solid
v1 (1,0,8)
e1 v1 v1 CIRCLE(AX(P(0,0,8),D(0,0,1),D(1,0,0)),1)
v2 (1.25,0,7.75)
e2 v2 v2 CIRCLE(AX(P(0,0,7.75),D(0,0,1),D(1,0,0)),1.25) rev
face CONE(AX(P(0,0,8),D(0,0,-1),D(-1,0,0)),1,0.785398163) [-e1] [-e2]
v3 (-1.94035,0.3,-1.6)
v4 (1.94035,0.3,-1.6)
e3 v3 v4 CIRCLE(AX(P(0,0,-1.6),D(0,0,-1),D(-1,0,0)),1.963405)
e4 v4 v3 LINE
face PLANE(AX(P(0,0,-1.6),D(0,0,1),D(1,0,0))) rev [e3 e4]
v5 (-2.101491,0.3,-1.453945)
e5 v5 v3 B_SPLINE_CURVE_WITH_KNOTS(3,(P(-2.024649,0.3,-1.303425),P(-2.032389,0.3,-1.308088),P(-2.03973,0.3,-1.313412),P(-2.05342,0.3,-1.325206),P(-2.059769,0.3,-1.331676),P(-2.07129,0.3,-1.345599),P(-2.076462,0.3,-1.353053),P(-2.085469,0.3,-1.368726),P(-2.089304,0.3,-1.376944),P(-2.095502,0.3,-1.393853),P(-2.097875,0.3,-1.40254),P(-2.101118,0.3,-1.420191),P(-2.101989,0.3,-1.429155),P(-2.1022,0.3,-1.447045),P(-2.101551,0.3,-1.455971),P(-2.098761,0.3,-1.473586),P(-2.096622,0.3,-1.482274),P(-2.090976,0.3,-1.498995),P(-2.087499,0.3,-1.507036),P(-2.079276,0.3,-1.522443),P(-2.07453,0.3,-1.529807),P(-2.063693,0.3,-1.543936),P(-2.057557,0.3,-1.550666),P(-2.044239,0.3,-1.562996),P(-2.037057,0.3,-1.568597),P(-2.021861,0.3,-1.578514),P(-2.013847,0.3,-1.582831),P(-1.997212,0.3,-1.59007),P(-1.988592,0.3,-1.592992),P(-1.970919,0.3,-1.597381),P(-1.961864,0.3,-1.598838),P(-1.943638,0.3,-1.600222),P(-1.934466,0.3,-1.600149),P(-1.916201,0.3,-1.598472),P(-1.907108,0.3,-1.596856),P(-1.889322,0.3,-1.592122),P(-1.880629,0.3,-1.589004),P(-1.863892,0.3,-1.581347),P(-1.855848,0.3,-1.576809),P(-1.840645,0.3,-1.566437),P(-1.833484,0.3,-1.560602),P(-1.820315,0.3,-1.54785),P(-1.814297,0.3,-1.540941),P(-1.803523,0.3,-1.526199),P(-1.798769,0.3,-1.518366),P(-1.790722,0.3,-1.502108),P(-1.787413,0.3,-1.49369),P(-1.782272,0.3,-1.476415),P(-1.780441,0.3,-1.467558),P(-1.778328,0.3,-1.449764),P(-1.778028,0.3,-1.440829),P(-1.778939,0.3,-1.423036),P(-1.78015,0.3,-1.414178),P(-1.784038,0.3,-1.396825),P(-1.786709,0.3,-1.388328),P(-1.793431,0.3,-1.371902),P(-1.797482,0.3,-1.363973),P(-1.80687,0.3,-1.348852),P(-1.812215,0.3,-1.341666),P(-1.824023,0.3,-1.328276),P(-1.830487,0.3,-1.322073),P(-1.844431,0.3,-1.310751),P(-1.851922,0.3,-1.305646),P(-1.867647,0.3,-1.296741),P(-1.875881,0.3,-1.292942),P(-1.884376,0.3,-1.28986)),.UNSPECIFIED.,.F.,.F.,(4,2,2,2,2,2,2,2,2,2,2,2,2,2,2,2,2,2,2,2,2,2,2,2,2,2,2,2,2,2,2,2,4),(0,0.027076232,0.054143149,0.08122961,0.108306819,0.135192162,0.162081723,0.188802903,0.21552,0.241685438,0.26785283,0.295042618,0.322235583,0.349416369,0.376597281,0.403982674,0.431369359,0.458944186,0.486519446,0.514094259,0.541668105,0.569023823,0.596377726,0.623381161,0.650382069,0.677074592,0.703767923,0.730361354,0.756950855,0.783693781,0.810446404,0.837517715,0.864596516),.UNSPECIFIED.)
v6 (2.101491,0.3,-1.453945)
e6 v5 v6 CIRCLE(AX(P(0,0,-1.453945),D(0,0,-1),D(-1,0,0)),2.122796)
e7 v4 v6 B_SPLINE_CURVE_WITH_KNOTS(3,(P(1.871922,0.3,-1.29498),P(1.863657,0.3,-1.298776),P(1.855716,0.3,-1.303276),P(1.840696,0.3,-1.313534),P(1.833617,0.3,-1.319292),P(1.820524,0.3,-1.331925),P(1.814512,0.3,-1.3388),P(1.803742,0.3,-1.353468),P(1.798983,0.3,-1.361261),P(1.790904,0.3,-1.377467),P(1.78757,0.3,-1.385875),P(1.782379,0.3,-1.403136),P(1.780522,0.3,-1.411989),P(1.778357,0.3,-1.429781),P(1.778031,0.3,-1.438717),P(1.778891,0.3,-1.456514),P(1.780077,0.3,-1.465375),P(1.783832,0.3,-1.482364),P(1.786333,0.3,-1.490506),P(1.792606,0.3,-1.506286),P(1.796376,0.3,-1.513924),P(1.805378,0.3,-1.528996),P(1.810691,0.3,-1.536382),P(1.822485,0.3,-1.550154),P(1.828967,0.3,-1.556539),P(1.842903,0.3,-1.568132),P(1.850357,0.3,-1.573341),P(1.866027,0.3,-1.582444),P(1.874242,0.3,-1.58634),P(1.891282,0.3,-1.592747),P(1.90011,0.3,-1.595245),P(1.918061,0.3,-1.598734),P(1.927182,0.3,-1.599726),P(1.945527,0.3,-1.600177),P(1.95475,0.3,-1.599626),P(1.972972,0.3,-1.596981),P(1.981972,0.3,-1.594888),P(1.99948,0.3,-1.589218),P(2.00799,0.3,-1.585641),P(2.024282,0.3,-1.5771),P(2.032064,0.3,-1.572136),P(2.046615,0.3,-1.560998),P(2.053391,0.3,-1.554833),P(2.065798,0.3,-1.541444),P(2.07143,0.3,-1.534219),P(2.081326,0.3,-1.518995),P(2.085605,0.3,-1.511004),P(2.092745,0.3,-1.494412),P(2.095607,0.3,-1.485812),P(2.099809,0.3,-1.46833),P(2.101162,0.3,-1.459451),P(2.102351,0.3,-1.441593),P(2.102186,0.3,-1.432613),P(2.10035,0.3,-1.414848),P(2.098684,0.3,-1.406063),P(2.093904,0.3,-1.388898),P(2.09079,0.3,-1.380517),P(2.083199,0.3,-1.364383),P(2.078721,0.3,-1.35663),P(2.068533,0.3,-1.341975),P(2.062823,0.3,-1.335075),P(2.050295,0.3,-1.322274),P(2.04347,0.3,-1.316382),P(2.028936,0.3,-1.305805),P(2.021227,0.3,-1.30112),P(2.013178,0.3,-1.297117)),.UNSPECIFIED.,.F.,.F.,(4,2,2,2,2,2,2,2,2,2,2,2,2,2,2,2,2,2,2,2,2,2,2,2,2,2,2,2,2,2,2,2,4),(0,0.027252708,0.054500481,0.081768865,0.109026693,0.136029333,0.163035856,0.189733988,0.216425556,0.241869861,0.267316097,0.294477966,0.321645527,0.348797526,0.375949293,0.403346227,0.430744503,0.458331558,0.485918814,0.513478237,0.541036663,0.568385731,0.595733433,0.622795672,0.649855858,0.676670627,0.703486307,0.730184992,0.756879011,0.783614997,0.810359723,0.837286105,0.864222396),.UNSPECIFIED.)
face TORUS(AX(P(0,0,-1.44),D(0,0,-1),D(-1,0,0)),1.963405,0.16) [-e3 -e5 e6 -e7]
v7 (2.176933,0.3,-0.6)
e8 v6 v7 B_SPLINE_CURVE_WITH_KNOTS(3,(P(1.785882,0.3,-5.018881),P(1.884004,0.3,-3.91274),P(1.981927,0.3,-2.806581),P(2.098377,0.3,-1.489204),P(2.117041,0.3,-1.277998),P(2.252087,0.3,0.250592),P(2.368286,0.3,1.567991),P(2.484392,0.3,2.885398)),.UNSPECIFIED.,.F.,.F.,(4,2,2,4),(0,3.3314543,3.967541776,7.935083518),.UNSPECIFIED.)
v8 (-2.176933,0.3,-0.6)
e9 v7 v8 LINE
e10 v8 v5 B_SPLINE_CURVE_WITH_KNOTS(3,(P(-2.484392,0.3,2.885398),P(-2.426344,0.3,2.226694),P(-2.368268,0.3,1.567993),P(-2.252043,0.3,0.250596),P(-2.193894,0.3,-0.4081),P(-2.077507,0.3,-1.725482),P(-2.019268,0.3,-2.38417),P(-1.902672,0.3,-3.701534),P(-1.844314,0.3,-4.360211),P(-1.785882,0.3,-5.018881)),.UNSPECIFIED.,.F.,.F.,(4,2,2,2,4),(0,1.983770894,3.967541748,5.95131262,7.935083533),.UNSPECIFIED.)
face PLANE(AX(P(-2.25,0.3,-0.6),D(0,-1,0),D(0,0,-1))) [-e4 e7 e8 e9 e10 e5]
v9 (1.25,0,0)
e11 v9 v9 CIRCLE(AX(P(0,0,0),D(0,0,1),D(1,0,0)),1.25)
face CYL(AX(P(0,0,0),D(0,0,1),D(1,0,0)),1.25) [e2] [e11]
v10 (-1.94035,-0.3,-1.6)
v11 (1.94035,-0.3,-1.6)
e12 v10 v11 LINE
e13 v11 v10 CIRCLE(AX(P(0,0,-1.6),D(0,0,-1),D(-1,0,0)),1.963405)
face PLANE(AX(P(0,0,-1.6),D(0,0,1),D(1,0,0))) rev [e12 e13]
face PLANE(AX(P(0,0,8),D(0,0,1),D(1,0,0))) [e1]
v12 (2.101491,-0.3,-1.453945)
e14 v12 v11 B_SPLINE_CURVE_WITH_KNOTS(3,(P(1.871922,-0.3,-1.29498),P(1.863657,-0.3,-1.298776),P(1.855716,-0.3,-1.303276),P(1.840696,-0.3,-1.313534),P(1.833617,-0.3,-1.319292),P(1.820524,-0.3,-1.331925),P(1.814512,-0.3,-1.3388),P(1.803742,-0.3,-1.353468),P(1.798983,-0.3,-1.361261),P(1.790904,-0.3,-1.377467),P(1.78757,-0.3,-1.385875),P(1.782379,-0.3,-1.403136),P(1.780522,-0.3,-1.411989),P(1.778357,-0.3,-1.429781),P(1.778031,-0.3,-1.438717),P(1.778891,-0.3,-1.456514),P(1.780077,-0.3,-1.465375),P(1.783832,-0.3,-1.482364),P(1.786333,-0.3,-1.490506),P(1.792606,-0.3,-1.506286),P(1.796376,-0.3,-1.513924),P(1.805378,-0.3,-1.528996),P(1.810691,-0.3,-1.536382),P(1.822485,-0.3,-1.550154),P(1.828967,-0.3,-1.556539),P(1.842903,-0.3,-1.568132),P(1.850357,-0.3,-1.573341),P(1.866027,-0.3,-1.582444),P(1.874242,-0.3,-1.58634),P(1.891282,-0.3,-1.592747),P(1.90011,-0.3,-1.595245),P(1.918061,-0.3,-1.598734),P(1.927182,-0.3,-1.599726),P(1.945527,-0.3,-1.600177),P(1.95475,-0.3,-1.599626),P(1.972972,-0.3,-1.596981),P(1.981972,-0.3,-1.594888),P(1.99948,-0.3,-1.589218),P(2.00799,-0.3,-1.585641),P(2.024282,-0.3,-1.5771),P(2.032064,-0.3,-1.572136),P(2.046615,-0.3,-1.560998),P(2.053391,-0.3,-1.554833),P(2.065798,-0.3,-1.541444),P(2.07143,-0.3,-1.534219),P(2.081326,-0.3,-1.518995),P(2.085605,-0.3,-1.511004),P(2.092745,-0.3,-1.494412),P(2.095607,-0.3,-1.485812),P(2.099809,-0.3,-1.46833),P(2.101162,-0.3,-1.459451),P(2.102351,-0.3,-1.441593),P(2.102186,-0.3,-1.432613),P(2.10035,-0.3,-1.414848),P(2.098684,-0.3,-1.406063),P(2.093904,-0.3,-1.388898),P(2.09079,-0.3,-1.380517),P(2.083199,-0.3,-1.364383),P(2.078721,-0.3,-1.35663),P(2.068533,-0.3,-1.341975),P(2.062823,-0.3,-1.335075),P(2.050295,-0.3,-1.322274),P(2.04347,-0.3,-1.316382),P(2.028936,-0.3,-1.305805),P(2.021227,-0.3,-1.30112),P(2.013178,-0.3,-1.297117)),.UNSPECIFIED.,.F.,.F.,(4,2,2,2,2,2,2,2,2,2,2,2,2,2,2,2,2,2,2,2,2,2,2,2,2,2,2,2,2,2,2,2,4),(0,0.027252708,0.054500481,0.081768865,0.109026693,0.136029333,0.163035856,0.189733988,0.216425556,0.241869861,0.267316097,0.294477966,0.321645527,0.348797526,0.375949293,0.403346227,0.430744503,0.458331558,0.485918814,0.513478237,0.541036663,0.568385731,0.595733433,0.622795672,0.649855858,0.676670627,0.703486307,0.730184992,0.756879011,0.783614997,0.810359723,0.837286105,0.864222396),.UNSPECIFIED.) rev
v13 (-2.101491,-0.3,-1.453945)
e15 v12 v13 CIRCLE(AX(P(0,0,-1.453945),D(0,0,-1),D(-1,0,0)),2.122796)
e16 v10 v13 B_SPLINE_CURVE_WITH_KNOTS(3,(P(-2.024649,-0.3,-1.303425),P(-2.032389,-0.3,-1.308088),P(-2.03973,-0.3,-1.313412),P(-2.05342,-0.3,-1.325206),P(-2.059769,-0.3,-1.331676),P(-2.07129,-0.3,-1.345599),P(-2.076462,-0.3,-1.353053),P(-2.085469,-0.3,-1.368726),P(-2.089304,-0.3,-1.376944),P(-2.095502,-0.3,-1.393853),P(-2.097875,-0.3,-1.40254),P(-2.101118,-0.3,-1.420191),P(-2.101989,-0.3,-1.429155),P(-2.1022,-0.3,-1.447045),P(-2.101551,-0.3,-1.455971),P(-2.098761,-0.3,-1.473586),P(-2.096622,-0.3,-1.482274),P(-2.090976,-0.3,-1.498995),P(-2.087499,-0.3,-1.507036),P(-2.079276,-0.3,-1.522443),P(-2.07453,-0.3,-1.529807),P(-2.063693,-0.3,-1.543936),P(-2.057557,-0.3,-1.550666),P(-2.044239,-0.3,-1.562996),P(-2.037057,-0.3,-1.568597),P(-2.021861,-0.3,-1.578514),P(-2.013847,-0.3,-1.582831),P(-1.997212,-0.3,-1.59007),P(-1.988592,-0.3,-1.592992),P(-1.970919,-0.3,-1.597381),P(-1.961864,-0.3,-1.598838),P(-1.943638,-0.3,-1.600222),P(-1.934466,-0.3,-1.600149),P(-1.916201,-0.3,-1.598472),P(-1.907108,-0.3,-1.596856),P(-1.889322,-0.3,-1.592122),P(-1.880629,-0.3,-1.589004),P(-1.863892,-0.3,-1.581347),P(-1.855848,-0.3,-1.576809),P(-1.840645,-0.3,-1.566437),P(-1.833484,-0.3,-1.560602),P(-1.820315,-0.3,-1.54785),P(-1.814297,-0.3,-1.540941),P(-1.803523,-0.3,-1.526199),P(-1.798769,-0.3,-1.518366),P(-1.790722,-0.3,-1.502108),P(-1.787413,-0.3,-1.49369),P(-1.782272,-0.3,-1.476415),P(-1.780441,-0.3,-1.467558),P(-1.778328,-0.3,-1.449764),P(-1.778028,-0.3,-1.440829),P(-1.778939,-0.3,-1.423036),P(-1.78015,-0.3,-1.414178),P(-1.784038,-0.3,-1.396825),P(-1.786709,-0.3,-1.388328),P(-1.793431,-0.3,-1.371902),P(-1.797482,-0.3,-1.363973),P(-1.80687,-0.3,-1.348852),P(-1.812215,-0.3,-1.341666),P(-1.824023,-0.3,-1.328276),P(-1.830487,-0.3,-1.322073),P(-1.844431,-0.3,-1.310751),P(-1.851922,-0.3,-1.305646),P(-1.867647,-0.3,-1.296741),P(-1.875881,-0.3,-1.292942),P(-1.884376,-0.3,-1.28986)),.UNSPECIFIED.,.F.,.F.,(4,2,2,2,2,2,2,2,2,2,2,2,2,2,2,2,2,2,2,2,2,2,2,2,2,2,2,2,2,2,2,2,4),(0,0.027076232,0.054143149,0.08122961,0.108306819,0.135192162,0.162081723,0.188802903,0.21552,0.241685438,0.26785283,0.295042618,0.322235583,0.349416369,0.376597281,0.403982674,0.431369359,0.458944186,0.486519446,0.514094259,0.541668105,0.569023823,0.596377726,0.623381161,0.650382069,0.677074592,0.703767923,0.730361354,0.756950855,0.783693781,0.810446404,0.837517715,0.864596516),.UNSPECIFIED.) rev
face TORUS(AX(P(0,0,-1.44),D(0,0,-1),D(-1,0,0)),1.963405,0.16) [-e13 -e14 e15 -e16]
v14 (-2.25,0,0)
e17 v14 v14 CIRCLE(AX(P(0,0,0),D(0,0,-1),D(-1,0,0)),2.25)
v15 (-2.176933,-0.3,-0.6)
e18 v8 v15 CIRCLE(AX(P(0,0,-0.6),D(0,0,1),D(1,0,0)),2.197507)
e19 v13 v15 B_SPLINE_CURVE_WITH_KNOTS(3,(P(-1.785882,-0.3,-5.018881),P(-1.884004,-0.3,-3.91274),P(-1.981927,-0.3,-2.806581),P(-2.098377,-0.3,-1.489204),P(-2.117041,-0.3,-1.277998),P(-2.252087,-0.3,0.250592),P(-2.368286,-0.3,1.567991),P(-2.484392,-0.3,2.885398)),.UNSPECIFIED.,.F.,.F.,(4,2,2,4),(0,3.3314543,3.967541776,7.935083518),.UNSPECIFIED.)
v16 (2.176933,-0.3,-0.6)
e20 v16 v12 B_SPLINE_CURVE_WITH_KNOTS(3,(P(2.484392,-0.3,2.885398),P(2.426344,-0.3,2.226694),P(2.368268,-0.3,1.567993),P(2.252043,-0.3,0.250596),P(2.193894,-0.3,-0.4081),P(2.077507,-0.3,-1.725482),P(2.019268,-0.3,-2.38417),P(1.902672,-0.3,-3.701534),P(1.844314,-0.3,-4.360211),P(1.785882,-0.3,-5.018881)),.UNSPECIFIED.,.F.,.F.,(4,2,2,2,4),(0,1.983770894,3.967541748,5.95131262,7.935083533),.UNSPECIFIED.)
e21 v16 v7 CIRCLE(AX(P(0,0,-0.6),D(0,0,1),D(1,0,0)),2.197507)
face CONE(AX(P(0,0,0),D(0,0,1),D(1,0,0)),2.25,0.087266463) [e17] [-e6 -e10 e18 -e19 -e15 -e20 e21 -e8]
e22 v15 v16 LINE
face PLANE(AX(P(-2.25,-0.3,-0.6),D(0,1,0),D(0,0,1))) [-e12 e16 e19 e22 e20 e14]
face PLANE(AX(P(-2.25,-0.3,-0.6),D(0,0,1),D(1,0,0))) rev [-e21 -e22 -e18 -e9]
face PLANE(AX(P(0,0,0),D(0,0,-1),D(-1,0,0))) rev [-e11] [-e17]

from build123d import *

# Parameters (mm, degrees)
ESQUISSE2_W             = 4.5
ESQUISSE2_H             = 0.6
ENLEV_MAT_EXTRU_1_DEPTH = 1
ESQUISSE3_W             = 1.25
ESQUISSE3_H             = 8
CHANFREIN1_SIZE         = 0.25


with BuildPart() as part:
    # Esquisse1 → Base-Révolution (revolve)
    with BuildSketch(Plane(origin=(0, 0, 0), x_dir=(1, 0, 0), z_dir=(0, 1, 0))):
        with BuildLine():
            Line((0, 0), (2.25, 0))
            Line((2.25, 0), (2.122796302, 1.453944919))
            ThreePointArc((2.122796302, 1.453944919), (2.071499584, 1.557964374), (1.963405151, 1.6))
            Line((1.963405151, 1.6), (0, 1.6))
            Line((0, 1.6), (0, 0))
        make_face()
    revolve(axis=Axis((0, 0, 0), (0, 0, -1)))

    # Esquisse2 → Enlev. mat.-Extru.1 (cut)
    with BuildSketch(Plane.XY.offset(-1.6)):
        Rectangle(ESQUISSE2_W, ESQUISSE2_H)
    extrude(amount=ENLEV_MAT_EXTRU_1_DEPTH, mode=Mode.SUBTRACT)

    # Esquisse3 → Boss.-Révol.1 (revolve)
    with BuildSketch(Plane(origin=(0, 0, 0), x_dir=(1, 0, 0), z_dir=(0, 1, 0))):
        with Locations((0.625, -4)):
            Rectangle(ESQUISSE3_W, ESQUISSE3_H)
    revolve(axis=Axis((0, 0, 0), (0, 0, 1)))

    # Chanfrein1
    chanfrein1_edges = [part.edges().sort_by_distance(p)[0] for p in [
        (-1.25, 0, 8),
    ]]
    chamfer(chanfrein1_edges, length=CHANFREIN1_SIZE)


solid = part.part
